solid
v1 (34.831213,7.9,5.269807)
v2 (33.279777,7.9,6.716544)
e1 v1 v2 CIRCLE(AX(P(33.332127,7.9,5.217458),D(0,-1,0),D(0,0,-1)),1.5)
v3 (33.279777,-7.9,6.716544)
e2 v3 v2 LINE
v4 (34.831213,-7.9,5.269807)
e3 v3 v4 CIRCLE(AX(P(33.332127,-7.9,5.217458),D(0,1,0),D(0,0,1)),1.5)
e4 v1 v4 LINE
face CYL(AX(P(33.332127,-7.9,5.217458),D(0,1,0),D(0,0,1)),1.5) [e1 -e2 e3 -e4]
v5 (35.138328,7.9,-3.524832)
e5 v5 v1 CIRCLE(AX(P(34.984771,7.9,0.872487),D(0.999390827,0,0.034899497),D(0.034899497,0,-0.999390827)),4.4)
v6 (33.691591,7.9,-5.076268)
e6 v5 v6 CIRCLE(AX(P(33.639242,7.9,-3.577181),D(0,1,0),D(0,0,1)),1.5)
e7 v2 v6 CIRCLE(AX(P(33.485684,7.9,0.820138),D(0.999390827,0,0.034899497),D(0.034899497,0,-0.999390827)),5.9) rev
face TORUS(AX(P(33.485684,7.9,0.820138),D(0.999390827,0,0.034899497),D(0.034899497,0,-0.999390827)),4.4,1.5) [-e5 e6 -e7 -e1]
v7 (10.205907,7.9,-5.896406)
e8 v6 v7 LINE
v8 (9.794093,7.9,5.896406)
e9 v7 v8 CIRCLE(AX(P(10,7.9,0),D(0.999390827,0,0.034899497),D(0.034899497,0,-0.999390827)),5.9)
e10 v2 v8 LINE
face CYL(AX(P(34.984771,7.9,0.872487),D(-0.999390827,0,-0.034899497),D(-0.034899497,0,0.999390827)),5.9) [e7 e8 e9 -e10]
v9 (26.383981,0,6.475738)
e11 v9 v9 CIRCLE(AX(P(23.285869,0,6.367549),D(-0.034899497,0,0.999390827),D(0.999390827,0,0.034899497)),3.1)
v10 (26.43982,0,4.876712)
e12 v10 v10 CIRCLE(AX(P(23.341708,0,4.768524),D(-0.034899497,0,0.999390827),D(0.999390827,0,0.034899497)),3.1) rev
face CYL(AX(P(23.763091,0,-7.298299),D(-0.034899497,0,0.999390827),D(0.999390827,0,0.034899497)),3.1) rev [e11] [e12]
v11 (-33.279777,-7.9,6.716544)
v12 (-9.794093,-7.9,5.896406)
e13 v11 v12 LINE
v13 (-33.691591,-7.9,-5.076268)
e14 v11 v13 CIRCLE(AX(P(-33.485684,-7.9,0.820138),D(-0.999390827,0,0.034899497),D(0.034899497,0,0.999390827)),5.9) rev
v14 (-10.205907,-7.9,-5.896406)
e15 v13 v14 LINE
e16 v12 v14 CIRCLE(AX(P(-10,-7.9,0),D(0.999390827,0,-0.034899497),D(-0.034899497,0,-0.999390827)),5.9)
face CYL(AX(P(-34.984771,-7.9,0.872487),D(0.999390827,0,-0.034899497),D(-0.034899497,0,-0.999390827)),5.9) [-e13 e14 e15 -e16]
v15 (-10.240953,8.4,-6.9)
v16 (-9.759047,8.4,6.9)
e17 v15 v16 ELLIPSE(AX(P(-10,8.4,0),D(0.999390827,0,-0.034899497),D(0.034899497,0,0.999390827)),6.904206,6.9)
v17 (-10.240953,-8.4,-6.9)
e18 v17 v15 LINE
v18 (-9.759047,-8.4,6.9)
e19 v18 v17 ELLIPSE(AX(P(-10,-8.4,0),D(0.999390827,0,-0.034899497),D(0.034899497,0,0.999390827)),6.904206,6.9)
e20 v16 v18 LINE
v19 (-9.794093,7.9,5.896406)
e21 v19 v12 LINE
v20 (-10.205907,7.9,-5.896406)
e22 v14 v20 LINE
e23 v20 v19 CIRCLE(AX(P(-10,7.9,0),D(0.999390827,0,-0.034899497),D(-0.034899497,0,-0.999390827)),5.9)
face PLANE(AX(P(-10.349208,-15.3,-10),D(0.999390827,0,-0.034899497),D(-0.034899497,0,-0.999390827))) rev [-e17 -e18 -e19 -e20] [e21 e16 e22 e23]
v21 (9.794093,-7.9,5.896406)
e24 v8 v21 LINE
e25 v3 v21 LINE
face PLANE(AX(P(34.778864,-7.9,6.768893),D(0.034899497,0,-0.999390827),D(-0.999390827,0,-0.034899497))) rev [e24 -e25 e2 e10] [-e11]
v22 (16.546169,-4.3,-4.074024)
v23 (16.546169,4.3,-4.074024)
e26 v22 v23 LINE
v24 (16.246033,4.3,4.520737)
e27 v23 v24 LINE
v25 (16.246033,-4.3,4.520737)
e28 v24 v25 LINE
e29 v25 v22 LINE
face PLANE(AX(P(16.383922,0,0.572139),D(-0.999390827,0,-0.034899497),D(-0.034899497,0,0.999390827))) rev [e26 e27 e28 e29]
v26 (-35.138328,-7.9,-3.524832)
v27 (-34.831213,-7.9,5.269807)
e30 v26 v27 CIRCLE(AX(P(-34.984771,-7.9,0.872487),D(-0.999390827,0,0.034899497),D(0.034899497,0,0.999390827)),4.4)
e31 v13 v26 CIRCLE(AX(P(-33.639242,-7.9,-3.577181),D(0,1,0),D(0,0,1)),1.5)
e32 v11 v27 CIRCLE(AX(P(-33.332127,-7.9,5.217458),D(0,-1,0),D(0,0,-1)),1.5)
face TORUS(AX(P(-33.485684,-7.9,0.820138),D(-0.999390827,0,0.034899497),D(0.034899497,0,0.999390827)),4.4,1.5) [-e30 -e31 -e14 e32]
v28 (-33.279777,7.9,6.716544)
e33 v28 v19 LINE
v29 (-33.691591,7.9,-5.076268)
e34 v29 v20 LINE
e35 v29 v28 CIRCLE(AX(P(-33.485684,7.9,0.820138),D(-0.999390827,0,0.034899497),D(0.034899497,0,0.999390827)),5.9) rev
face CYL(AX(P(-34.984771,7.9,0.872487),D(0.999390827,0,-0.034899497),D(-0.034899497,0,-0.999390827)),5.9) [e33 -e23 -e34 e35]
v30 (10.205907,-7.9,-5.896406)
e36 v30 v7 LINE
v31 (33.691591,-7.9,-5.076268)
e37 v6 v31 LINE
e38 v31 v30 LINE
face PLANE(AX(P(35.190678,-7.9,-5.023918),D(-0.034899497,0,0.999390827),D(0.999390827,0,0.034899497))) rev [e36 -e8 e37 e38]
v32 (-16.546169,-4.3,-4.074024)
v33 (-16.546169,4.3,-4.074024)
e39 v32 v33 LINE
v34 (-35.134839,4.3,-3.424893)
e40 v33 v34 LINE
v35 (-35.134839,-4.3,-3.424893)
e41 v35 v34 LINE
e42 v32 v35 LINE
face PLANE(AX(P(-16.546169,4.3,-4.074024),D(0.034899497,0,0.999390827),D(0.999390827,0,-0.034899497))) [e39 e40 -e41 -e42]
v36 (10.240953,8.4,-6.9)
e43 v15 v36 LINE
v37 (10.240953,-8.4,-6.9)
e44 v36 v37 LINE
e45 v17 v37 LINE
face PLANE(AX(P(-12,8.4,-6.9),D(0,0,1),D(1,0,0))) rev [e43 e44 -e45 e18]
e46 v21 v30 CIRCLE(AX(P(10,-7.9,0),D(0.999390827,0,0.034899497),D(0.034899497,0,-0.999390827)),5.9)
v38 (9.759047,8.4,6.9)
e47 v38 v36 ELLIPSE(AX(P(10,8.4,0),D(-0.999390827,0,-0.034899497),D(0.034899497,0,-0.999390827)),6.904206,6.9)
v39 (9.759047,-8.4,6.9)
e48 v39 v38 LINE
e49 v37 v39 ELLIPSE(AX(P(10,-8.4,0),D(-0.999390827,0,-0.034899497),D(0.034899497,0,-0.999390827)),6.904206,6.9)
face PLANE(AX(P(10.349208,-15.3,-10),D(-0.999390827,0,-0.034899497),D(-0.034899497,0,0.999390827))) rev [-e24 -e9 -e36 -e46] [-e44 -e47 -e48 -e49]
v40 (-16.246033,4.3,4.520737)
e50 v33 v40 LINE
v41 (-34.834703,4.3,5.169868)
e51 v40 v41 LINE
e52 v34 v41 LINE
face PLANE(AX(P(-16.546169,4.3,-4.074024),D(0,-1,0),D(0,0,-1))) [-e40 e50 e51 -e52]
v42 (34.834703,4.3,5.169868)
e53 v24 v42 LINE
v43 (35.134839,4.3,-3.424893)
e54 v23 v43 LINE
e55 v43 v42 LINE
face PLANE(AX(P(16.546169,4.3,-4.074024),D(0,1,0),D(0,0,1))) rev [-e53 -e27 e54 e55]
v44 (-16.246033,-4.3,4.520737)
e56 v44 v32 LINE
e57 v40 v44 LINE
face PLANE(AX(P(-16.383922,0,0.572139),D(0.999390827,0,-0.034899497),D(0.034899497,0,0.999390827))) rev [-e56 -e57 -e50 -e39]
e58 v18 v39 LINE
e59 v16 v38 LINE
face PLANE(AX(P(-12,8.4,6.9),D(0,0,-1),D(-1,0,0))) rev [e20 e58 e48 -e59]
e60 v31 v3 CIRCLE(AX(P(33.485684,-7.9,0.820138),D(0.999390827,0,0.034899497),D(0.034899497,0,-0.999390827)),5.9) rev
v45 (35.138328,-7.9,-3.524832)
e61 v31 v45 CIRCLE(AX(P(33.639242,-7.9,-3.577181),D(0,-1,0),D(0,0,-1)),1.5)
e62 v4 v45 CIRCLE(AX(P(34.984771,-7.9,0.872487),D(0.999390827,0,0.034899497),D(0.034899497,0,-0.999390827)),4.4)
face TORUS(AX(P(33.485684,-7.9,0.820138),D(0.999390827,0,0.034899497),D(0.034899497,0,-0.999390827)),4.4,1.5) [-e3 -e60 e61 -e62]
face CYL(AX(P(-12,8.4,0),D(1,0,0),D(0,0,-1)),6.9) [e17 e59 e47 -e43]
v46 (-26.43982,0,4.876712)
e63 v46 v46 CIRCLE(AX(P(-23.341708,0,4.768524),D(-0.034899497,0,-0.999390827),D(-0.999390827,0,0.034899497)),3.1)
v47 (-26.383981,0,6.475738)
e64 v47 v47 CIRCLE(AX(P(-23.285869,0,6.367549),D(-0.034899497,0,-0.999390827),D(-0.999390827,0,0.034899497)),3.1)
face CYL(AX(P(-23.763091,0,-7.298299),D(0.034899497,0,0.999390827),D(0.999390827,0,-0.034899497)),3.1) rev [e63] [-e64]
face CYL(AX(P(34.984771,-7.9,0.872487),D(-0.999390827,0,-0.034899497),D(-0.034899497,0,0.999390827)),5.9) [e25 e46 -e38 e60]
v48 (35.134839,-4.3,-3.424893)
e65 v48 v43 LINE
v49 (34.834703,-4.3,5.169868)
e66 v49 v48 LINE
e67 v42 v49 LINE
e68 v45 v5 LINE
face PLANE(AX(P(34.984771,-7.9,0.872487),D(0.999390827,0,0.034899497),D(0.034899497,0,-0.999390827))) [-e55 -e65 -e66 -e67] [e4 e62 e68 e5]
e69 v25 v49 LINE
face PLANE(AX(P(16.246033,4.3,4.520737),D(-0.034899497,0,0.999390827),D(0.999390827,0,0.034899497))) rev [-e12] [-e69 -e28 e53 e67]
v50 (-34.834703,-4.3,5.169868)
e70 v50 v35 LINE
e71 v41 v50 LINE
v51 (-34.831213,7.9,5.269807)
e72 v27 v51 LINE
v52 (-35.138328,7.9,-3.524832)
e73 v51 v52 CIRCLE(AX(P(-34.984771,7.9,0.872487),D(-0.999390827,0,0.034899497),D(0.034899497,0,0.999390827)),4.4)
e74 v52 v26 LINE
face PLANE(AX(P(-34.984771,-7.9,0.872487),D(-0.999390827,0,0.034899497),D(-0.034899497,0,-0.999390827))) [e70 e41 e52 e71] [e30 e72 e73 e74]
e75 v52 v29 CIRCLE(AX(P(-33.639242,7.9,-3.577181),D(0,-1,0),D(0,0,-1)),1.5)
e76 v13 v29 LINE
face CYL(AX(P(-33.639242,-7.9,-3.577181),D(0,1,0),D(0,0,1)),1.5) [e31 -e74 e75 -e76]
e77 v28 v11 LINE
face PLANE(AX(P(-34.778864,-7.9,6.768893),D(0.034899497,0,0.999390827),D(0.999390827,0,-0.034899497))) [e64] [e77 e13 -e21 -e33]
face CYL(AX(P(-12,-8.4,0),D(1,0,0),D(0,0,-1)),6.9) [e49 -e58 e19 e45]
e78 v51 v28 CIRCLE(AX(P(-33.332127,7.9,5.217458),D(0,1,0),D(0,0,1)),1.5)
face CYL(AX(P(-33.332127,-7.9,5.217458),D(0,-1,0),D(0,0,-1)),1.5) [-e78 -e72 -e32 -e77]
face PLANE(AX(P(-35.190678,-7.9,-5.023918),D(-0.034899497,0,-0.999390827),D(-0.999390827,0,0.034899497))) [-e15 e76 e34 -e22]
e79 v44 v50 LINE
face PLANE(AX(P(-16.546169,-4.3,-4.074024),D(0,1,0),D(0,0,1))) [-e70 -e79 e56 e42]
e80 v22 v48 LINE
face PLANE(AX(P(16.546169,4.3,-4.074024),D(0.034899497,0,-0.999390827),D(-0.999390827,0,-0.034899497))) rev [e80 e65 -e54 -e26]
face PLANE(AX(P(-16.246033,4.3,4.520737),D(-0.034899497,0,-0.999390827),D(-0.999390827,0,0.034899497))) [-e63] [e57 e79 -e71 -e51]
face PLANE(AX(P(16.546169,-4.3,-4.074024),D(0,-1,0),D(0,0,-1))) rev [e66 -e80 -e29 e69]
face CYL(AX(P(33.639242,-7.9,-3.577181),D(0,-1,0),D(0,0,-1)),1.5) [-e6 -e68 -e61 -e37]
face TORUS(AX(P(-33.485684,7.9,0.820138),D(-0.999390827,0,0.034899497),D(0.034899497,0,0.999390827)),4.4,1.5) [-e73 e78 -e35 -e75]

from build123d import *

# Parameters (mm, degrees)
CENTER_DEPTH         = 12
CENTER_DEPTH_BACK    = 12
ANGLE_CUT_DEPTH      = 21.632498637
ANGLE_CUT_DEPTH_BACK = 21.632498637
END_DEPTH            = 25
FILLET2_R            = 1.5
SKETCH10_W           = 8.6
SKETCH10_H           = 8.6
SQUARE_HOLE_DEPTH    = 18.6
ROUND_HOLE_REACH     = 42.465
SKETCH11_R           = 3.1
FILLET2_OF_MIRROR2_R = 1.5


with BuildPart() as part:
    # Sketch1 → Center (new, two sides: drawn at the far end of the back side and taken through both)
    with BuildSketch(Plane.ZY.offset(-CENTER_DEPTH_BACK)):
        with BuildLine():
            Line((6.9, 8.4), (6.9, -8.4))
            ThreePointArc((6.9, -8.4), (0, -15.3), (-6.9, -8.4))
            Line((-6.9, -8.4), (-6.9, 8.4))
            ThreePointArc((-6.9, 8.4), (0, 15.3), (6.9, 8.4))
        make_face()
    extrude(amount=CENTER_DEPTH + CENTER_DEPTH_BACK)

    # Sketch8 → Angle Cut (cut, two sides: drawn at the far end of the back side and taken through both)
    with BuildSketch(Plane(origin=(0, 0, 0), x_dir=(1, 0, 0), z_dir=(0, 1, 0)).offset(-ANGLE_CUT_DEPTH_BACK)):
        Polygon((-20.349207695, 10), (-10.349207695, 10), (-9.650792305, -10), (-20.349207695, -10), align=None)
        Polygon((20.349207695, -10), (9.650792305, -10), (10.349207695, 10), (20.349207695, 10), align=None)
    extrude(amount=ANGLE_CUT_DEPTH + ANGLE_CUT_DEPTH_BACK, mode=Mode.SUBTRACT)

    # Sketch9 → End (add)
    with BuildSketch(Plane(origin=(9.987820251, 0, 0.348782369), x_dir=(0.03489949670249425, 0, -0.999390827019096), z_dir=(0.999390827019096, 0, 0.03489949670249425))):
        with BuildLine():
            Line((-5.551005033, -7.9), (-5.551005033, 7.9))
            ThreePointArc((-5.551005033, 7.9), (0.348994967, 13.8), (6.248994967, 7.9))
            Line((6.248994967, 7.9), (6.248994967, -7.9))
            ThreePointArc((6.248994967, -7.9), (0.348994967, -13.8), (-5.551005033, -7.9))
        make_face()
    end = extrude(amount=END_DEPTH)

    # Fillet2
    fillet2_edges = [part.edges().sort_by_distance(p)[0] for p in [
        (34.984770675, -13.8, 0.872487418),
        (35.190677706, 0, -5.023918462),
        (34.984770675, 13.8, 0.872487418),
        (34.778863645, 0, 6.768893297),
    ]]
    fillet(fillet2_edges, radius=FILLET2_R)

    # Sketch10 → Square Hole (cut)
    with BuildSketch(Plane(origin=(34.972590927, 0, 1.221269786), x_dir=(0.03489949670249425, 0, -0.999390827019096), z_dir=(0.999390827019096, 0, 0.03489949670249425))):
        with Locations((0.348994967, 0)):
            Rectangle(SKETCH10_W, SKETCH10_H)
    square_hole = extrude(amount=-SQUARE_HOLE_DEPTH, mode=Mode.SUBTRACT)

    # Sketch11 → Round Hole (cut, up to next)
    with BuildSketch(Plane(origin=(-0.193727282, 0, 5.547623511), x_dir=(0.999390827019096, 0, 0.03489949670249425), z_dir=(-0.03489949670249425, 0, 0.999390827019096)), mode=Mode.PRIVATE) as round_hole_sk1:
        with Locations((23.49390827, 0)):
            Circle(SKETCH11_R)
    round_hole_tool1 = extrude(round_hole_sk1.sketch, amount=-ROUND_HOLE_REACH, mode=Mode.PRIVATE) & part.part
    round_hole = round_hole_tool1.solids().sort_by_distance((23.285869, 0, 6.367549))[0]
    add(round_hole, mode=Mode.SUBTRACT)

    # Mirror2: End, Square Hole, Round Hole across plane
    add(end.mirror(Plane(origin=(0, 0, 0), x_dir=(0, 0, 1), z_dir=(1, 0, 0))))
    add(square_hole.mirror(Plane(origin=(0, 0, 0), x_dir=(0, 0, 1), z_dir=(1, 0, 0))), mode=Mode.SUBTRACT)
    add(round_hole.mirror(Plane(origin=(0, 0, 0), x_dir=(0, 0, 1), z_dir=(1, 0, 0))), mode=Mode.SUBTRACT)

    # Fillet2 of Mirror2
    fillet2_of_mirror2_edges = [part.edges().sort_by_distance(p)[0] for p in [
        (-34.984770675, -13.8, 0.872487418),
        (-35.190677706, 0, -5.023918462),
        (-34.984770675, 13.8, 0.872487418),
        (-34.778863645, 0, 6.768893297),
    ]]
    fillet(fillet2_of_mirror2_edges, radius=FILLET2_OF_MIRROR2_R)


solid = part.part
